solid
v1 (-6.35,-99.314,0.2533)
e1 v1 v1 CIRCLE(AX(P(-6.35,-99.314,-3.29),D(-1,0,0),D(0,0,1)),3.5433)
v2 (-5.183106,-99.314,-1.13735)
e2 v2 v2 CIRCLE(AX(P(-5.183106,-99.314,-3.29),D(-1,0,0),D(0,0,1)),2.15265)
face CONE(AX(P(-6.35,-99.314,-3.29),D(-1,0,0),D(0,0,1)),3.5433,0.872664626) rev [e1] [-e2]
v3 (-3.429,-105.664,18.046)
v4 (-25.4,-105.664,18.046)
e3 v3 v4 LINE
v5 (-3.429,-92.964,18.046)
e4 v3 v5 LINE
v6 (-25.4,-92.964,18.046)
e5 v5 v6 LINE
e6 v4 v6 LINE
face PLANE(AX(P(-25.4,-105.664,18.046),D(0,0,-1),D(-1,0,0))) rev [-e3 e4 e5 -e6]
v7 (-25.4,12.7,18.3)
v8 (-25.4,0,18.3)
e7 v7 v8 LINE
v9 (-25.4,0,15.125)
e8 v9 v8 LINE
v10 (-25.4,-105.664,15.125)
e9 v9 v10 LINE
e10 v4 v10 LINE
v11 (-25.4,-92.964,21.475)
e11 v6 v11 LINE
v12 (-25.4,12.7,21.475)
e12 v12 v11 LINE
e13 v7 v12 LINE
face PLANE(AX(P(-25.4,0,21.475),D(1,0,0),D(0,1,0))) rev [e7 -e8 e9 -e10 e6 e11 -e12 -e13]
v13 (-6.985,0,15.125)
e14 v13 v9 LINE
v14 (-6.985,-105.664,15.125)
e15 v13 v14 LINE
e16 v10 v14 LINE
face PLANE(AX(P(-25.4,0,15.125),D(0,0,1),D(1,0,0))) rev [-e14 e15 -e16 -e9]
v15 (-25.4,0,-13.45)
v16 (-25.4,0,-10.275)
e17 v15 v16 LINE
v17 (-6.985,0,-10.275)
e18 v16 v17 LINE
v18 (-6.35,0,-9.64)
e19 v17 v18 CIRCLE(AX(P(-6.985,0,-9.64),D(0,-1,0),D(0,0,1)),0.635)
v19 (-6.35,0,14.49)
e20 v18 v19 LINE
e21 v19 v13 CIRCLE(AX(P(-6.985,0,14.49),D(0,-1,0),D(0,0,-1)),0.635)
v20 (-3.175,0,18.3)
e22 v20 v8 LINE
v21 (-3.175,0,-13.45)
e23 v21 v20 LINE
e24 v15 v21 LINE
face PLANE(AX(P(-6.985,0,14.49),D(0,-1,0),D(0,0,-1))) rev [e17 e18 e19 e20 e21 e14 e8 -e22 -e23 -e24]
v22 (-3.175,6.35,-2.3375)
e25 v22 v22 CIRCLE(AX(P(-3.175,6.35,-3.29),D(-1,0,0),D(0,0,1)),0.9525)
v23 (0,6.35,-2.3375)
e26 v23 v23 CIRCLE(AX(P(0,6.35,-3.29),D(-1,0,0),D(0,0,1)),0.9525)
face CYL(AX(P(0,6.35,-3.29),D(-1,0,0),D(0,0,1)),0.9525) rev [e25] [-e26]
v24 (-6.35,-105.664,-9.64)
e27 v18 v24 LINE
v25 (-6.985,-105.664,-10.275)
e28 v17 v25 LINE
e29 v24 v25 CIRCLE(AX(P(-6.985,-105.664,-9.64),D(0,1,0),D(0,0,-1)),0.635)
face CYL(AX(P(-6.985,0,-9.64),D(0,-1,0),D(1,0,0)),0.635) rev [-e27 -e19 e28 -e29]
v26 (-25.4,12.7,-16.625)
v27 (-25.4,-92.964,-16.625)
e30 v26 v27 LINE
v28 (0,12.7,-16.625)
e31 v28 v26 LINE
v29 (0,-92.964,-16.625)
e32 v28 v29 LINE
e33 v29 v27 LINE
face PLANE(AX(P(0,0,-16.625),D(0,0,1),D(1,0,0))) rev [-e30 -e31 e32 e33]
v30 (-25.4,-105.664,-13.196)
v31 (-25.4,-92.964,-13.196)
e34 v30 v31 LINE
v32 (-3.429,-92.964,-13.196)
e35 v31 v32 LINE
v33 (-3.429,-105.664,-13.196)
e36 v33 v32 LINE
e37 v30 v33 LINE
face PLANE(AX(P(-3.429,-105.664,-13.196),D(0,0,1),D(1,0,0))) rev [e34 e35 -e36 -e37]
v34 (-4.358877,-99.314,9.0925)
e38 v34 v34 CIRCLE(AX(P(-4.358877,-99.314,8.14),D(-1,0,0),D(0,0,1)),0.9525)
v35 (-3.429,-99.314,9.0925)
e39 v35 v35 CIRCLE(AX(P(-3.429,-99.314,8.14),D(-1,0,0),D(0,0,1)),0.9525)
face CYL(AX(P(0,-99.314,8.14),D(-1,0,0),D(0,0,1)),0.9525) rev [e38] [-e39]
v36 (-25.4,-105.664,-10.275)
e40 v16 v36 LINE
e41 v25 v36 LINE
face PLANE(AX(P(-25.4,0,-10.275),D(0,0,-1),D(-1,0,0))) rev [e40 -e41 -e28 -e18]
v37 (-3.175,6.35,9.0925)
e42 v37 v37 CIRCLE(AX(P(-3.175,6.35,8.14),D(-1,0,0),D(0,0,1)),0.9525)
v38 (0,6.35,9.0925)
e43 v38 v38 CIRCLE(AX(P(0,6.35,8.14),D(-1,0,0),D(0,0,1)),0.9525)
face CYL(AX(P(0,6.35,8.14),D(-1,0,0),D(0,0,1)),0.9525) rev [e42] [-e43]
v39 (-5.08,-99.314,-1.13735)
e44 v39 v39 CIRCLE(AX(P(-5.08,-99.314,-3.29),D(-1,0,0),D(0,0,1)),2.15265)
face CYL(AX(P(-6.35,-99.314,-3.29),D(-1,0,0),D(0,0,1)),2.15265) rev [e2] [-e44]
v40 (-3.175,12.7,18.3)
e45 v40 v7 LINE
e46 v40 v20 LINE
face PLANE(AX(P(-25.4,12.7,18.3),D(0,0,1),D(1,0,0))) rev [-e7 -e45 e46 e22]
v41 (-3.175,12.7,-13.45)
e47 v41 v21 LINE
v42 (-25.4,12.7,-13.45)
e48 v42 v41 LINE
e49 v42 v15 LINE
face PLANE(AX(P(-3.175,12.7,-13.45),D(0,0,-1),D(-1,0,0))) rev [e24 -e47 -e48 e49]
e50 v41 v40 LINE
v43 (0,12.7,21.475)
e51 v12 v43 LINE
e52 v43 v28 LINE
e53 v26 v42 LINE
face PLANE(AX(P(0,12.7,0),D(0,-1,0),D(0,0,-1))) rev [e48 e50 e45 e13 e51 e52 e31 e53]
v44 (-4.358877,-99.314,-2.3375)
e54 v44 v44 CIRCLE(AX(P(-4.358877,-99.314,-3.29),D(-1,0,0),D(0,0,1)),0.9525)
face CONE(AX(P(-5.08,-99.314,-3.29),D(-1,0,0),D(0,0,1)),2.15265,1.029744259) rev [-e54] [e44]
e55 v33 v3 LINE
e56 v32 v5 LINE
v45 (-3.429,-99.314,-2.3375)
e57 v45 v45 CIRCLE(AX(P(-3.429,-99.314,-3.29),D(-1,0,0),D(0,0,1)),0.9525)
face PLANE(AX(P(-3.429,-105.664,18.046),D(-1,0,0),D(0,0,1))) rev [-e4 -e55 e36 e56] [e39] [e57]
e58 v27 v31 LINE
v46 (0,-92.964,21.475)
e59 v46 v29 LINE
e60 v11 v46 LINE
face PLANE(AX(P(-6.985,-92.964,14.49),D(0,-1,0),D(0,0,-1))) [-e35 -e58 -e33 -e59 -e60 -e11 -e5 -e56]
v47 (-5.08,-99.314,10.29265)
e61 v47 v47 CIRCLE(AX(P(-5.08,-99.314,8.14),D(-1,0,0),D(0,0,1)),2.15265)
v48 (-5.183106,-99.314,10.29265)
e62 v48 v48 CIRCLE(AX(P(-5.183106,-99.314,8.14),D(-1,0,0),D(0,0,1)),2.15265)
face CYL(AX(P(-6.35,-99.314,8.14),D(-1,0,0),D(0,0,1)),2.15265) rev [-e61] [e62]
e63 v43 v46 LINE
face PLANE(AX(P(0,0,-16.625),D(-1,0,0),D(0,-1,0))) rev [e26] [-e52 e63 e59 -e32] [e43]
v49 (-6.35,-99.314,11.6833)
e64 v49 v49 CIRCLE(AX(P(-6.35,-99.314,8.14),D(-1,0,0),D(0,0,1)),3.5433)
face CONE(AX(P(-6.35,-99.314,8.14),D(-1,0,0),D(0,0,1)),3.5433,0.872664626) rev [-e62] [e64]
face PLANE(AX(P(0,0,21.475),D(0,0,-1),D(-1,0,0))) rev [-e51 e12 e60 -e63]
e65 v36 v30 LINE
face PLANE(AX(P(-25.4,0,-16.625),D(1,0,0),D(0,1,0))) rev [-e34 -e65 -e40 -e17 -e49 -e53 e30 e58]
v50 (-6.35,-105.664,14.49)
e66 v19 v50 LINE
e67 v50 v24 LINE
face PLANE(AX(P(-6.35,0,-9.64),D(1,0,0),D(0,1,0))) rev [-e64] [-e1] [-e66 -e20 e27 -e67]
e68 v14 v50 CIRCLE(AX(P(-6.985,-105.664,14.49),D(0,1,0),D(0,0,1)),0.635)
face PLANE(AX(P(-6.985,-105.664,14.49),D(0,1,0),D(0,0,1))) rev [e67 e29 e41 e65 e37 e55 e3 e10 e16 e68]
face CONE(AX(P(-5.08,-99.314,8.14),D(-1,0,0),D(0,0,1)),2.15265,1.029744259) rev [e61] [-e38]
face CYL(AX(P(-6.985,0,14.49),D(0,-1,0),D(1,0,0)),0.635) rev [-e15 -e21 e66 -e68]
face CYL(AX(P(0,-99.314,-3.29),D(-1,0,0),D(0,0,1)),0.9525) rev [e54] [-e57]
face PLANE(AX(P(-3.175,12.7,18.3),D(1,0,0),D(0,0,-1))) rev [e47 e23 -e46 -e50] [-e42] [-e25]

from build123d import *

# Parameters (mm, degrees)
BOSS_EXTRUDE1_START                       = 12.7
BOSS_EXTRUDE1_DEPTH                       = 12.7
BOSS_EXTRUDE2_DEPTH                       = 12.7
SKETCH7_R                                 = 0.9525
CUT_EXTRUDE1_DEPTH                        = 111.090903984
SKETCH10_R                                = 0.9525
CUT_EXTRUDE2_DEPTH                        = 110.494104933
CSK_FOR_6_FLAT_HEAD_MACHINE_SCREW_2_COUNT = 2
CSK_FOR_6_FLAT_HEAD_MACHINE_SCREW_2_PITCH = 11.43


with BuildPart() as part:
    # Sweep1: sweep along a path in Sketch4
    with BuildLine(Plane.XY) as sweep1_path:
        Line((0, 0), (0, -92.964))
    # Sketch3 → Sweep1 (sweep)
    with BuildSketch(Plane(origin=(0, 0, 0), x_dir=(1, 0, 0), z_dir=(0, 1, 0))):
        with BuildLine():
            Line((0, 16.62500014), (-25.4, 16.62500014))
            Line((-25.4, 16.62500014), (-25.4, 10.27500014))
            Line((-25.4, 10.27500014), (-6.985, 10.27500014))
            ThreePointArc((-6.985, 10.27500014), (-6.535987194, 10.089012946), (-6.35, 9.64000014))
            Line((-6.35, 9.64000014), (-6.35, -14.48999986))
            ThreePointArc((-6.35, -14.48999986), (-6.535987194, -14.939012666), (-6.985, -15.12499986))
            Line((-6.985, -15.12499986), (-25.4, -15.12499986))
            Line((-25.4, -15.12499986), (-25.4, -21.47499986))
            Line((-25.4, -21.47499986), (0, -21.47499986))
            Line((0, -21.47499986), (0, 16.62500014))
        make_face()
    sweep(path=sweep1_path.line)

    # Sketch5 → Boss-Extrude1 (add)
    with BuildSketch(Plane.XZ.offset(92.964).offset(BOSS_EXTRUDE1_START)):
        with BuildLine():
            Line((-25.4, 18.04599986), (-3.429, 18.04599986))
            Line((-3.429, 18.04599986), (-3.429, -13.19600014))
            Line((-3.429, -13.19600014), (-25.4, -13.19600014))
            Line((-25.4, -13.19600014), (-25.4, -10.27500014))
            Line((-25.4, -10.27500014), (-6.985, -10.27500014))
            ThreePointArc((-6.985, -10.27500014), (-6.535987194, -10.089012946), (-6.35, -9.64000014))
            Line((-6.35, -9.64000014), (-6.35, 14.48999986))
            ThreePointArc((-6.35, 14.48999986), (-6.535987194, 14.939012666), (-6.985, 15.12499986))
            Line((-6.985, 15.12499986), (-25.4, 15.12499986))
            Line((-25.4, 15.12499986), (-25.4, 18.04599986))
        make_face()
    extrude(amount=-BOSS_EXTRUDE1_DEPTH)

    # Sketch6 → Boss-Extrude2 (add)
    with BuildSketch(Plane(origin=(0, 0, 0), x_dir=(1, 0, 0), z_dir=(0, 1, 0))):
        Polygon((-25.4, 13.45000014), (-25.4, 16.62500014), (0, 16.62500014), (0, -21.47499986), (-25.4, -21.47499986), (-25.4, -18.29999986), (-3.175, -18.29999986), (-3.175, 13.45000014), align=None)
    extrude(amount=BOSS_EXTRUDE2_DEPTH)

    # Sketch7 → Cut-Extrude1 (cut, through all)
    with BuildSketch(Plane.ZY.offset(3.175)):
        with Locations((-3.29000014, 6.35)):
            Circle(SKETCH7_R)
        with Locations((8.13999986, 6.35)):
            Circle(SKETCH7_R)
    extrude(amount=-CUT_EXTRUDE1_DEPTH, mode=Mode.SUBTRACT)

    # Sketch10 → Cut-Extrude2 (cut, through all)
    with BuildSketch(Plane.ZY.offset(6.35)):
        with Locations((-3.29000014, -99.314)):
            Circle(SKETCH10_R)
        with Locations((8.13999986, -99.314)):
            Circle(SKETCH10_R)
    extrude(amount=-CUT_EXTRUDE2_DEPTH, mode=Mode.SUBTRACT)

    # Sketch13 → CSK for #6 Flat Head Machine Screw (100)2 (revolve, cut)
    with BuildSketch(Plane(origin=(-6.35, -99.314, -3.29000014), x_dir=(0, 0, 1), z_dir=(0, 1, 0))):
        Polygon((0, 0), (0, 2.563442612), (2.15265, 1.27), (2.15265, 1.166893902), (3.5433, 0), align=None)
    csk_for_6_flat_head_machine_screw_100 = revolve(axis=Axis((-12.7, -99.314, -3.29000014), (1, 0, 0)), mode=Mode.SUBTRACT)

    # CSK for _6 Flat Head Machine Screw _ 2: CSK for #6 Flat Head Machine Screw (100)2 ×2
    with Locations(*[(0, 0, i * CSK_FOR_6_FLAT_HEAD_MACHINE_SCREW_2_PITCH) for i in range(1, CSK_FOR_6_FLAT_HEAD_MACHINE_SCREW_2_COUNT)]):
        add(csk_for_6_flat_head_machine_screw_100, mode=Mode.SUBTRACT)


solid = part.part
